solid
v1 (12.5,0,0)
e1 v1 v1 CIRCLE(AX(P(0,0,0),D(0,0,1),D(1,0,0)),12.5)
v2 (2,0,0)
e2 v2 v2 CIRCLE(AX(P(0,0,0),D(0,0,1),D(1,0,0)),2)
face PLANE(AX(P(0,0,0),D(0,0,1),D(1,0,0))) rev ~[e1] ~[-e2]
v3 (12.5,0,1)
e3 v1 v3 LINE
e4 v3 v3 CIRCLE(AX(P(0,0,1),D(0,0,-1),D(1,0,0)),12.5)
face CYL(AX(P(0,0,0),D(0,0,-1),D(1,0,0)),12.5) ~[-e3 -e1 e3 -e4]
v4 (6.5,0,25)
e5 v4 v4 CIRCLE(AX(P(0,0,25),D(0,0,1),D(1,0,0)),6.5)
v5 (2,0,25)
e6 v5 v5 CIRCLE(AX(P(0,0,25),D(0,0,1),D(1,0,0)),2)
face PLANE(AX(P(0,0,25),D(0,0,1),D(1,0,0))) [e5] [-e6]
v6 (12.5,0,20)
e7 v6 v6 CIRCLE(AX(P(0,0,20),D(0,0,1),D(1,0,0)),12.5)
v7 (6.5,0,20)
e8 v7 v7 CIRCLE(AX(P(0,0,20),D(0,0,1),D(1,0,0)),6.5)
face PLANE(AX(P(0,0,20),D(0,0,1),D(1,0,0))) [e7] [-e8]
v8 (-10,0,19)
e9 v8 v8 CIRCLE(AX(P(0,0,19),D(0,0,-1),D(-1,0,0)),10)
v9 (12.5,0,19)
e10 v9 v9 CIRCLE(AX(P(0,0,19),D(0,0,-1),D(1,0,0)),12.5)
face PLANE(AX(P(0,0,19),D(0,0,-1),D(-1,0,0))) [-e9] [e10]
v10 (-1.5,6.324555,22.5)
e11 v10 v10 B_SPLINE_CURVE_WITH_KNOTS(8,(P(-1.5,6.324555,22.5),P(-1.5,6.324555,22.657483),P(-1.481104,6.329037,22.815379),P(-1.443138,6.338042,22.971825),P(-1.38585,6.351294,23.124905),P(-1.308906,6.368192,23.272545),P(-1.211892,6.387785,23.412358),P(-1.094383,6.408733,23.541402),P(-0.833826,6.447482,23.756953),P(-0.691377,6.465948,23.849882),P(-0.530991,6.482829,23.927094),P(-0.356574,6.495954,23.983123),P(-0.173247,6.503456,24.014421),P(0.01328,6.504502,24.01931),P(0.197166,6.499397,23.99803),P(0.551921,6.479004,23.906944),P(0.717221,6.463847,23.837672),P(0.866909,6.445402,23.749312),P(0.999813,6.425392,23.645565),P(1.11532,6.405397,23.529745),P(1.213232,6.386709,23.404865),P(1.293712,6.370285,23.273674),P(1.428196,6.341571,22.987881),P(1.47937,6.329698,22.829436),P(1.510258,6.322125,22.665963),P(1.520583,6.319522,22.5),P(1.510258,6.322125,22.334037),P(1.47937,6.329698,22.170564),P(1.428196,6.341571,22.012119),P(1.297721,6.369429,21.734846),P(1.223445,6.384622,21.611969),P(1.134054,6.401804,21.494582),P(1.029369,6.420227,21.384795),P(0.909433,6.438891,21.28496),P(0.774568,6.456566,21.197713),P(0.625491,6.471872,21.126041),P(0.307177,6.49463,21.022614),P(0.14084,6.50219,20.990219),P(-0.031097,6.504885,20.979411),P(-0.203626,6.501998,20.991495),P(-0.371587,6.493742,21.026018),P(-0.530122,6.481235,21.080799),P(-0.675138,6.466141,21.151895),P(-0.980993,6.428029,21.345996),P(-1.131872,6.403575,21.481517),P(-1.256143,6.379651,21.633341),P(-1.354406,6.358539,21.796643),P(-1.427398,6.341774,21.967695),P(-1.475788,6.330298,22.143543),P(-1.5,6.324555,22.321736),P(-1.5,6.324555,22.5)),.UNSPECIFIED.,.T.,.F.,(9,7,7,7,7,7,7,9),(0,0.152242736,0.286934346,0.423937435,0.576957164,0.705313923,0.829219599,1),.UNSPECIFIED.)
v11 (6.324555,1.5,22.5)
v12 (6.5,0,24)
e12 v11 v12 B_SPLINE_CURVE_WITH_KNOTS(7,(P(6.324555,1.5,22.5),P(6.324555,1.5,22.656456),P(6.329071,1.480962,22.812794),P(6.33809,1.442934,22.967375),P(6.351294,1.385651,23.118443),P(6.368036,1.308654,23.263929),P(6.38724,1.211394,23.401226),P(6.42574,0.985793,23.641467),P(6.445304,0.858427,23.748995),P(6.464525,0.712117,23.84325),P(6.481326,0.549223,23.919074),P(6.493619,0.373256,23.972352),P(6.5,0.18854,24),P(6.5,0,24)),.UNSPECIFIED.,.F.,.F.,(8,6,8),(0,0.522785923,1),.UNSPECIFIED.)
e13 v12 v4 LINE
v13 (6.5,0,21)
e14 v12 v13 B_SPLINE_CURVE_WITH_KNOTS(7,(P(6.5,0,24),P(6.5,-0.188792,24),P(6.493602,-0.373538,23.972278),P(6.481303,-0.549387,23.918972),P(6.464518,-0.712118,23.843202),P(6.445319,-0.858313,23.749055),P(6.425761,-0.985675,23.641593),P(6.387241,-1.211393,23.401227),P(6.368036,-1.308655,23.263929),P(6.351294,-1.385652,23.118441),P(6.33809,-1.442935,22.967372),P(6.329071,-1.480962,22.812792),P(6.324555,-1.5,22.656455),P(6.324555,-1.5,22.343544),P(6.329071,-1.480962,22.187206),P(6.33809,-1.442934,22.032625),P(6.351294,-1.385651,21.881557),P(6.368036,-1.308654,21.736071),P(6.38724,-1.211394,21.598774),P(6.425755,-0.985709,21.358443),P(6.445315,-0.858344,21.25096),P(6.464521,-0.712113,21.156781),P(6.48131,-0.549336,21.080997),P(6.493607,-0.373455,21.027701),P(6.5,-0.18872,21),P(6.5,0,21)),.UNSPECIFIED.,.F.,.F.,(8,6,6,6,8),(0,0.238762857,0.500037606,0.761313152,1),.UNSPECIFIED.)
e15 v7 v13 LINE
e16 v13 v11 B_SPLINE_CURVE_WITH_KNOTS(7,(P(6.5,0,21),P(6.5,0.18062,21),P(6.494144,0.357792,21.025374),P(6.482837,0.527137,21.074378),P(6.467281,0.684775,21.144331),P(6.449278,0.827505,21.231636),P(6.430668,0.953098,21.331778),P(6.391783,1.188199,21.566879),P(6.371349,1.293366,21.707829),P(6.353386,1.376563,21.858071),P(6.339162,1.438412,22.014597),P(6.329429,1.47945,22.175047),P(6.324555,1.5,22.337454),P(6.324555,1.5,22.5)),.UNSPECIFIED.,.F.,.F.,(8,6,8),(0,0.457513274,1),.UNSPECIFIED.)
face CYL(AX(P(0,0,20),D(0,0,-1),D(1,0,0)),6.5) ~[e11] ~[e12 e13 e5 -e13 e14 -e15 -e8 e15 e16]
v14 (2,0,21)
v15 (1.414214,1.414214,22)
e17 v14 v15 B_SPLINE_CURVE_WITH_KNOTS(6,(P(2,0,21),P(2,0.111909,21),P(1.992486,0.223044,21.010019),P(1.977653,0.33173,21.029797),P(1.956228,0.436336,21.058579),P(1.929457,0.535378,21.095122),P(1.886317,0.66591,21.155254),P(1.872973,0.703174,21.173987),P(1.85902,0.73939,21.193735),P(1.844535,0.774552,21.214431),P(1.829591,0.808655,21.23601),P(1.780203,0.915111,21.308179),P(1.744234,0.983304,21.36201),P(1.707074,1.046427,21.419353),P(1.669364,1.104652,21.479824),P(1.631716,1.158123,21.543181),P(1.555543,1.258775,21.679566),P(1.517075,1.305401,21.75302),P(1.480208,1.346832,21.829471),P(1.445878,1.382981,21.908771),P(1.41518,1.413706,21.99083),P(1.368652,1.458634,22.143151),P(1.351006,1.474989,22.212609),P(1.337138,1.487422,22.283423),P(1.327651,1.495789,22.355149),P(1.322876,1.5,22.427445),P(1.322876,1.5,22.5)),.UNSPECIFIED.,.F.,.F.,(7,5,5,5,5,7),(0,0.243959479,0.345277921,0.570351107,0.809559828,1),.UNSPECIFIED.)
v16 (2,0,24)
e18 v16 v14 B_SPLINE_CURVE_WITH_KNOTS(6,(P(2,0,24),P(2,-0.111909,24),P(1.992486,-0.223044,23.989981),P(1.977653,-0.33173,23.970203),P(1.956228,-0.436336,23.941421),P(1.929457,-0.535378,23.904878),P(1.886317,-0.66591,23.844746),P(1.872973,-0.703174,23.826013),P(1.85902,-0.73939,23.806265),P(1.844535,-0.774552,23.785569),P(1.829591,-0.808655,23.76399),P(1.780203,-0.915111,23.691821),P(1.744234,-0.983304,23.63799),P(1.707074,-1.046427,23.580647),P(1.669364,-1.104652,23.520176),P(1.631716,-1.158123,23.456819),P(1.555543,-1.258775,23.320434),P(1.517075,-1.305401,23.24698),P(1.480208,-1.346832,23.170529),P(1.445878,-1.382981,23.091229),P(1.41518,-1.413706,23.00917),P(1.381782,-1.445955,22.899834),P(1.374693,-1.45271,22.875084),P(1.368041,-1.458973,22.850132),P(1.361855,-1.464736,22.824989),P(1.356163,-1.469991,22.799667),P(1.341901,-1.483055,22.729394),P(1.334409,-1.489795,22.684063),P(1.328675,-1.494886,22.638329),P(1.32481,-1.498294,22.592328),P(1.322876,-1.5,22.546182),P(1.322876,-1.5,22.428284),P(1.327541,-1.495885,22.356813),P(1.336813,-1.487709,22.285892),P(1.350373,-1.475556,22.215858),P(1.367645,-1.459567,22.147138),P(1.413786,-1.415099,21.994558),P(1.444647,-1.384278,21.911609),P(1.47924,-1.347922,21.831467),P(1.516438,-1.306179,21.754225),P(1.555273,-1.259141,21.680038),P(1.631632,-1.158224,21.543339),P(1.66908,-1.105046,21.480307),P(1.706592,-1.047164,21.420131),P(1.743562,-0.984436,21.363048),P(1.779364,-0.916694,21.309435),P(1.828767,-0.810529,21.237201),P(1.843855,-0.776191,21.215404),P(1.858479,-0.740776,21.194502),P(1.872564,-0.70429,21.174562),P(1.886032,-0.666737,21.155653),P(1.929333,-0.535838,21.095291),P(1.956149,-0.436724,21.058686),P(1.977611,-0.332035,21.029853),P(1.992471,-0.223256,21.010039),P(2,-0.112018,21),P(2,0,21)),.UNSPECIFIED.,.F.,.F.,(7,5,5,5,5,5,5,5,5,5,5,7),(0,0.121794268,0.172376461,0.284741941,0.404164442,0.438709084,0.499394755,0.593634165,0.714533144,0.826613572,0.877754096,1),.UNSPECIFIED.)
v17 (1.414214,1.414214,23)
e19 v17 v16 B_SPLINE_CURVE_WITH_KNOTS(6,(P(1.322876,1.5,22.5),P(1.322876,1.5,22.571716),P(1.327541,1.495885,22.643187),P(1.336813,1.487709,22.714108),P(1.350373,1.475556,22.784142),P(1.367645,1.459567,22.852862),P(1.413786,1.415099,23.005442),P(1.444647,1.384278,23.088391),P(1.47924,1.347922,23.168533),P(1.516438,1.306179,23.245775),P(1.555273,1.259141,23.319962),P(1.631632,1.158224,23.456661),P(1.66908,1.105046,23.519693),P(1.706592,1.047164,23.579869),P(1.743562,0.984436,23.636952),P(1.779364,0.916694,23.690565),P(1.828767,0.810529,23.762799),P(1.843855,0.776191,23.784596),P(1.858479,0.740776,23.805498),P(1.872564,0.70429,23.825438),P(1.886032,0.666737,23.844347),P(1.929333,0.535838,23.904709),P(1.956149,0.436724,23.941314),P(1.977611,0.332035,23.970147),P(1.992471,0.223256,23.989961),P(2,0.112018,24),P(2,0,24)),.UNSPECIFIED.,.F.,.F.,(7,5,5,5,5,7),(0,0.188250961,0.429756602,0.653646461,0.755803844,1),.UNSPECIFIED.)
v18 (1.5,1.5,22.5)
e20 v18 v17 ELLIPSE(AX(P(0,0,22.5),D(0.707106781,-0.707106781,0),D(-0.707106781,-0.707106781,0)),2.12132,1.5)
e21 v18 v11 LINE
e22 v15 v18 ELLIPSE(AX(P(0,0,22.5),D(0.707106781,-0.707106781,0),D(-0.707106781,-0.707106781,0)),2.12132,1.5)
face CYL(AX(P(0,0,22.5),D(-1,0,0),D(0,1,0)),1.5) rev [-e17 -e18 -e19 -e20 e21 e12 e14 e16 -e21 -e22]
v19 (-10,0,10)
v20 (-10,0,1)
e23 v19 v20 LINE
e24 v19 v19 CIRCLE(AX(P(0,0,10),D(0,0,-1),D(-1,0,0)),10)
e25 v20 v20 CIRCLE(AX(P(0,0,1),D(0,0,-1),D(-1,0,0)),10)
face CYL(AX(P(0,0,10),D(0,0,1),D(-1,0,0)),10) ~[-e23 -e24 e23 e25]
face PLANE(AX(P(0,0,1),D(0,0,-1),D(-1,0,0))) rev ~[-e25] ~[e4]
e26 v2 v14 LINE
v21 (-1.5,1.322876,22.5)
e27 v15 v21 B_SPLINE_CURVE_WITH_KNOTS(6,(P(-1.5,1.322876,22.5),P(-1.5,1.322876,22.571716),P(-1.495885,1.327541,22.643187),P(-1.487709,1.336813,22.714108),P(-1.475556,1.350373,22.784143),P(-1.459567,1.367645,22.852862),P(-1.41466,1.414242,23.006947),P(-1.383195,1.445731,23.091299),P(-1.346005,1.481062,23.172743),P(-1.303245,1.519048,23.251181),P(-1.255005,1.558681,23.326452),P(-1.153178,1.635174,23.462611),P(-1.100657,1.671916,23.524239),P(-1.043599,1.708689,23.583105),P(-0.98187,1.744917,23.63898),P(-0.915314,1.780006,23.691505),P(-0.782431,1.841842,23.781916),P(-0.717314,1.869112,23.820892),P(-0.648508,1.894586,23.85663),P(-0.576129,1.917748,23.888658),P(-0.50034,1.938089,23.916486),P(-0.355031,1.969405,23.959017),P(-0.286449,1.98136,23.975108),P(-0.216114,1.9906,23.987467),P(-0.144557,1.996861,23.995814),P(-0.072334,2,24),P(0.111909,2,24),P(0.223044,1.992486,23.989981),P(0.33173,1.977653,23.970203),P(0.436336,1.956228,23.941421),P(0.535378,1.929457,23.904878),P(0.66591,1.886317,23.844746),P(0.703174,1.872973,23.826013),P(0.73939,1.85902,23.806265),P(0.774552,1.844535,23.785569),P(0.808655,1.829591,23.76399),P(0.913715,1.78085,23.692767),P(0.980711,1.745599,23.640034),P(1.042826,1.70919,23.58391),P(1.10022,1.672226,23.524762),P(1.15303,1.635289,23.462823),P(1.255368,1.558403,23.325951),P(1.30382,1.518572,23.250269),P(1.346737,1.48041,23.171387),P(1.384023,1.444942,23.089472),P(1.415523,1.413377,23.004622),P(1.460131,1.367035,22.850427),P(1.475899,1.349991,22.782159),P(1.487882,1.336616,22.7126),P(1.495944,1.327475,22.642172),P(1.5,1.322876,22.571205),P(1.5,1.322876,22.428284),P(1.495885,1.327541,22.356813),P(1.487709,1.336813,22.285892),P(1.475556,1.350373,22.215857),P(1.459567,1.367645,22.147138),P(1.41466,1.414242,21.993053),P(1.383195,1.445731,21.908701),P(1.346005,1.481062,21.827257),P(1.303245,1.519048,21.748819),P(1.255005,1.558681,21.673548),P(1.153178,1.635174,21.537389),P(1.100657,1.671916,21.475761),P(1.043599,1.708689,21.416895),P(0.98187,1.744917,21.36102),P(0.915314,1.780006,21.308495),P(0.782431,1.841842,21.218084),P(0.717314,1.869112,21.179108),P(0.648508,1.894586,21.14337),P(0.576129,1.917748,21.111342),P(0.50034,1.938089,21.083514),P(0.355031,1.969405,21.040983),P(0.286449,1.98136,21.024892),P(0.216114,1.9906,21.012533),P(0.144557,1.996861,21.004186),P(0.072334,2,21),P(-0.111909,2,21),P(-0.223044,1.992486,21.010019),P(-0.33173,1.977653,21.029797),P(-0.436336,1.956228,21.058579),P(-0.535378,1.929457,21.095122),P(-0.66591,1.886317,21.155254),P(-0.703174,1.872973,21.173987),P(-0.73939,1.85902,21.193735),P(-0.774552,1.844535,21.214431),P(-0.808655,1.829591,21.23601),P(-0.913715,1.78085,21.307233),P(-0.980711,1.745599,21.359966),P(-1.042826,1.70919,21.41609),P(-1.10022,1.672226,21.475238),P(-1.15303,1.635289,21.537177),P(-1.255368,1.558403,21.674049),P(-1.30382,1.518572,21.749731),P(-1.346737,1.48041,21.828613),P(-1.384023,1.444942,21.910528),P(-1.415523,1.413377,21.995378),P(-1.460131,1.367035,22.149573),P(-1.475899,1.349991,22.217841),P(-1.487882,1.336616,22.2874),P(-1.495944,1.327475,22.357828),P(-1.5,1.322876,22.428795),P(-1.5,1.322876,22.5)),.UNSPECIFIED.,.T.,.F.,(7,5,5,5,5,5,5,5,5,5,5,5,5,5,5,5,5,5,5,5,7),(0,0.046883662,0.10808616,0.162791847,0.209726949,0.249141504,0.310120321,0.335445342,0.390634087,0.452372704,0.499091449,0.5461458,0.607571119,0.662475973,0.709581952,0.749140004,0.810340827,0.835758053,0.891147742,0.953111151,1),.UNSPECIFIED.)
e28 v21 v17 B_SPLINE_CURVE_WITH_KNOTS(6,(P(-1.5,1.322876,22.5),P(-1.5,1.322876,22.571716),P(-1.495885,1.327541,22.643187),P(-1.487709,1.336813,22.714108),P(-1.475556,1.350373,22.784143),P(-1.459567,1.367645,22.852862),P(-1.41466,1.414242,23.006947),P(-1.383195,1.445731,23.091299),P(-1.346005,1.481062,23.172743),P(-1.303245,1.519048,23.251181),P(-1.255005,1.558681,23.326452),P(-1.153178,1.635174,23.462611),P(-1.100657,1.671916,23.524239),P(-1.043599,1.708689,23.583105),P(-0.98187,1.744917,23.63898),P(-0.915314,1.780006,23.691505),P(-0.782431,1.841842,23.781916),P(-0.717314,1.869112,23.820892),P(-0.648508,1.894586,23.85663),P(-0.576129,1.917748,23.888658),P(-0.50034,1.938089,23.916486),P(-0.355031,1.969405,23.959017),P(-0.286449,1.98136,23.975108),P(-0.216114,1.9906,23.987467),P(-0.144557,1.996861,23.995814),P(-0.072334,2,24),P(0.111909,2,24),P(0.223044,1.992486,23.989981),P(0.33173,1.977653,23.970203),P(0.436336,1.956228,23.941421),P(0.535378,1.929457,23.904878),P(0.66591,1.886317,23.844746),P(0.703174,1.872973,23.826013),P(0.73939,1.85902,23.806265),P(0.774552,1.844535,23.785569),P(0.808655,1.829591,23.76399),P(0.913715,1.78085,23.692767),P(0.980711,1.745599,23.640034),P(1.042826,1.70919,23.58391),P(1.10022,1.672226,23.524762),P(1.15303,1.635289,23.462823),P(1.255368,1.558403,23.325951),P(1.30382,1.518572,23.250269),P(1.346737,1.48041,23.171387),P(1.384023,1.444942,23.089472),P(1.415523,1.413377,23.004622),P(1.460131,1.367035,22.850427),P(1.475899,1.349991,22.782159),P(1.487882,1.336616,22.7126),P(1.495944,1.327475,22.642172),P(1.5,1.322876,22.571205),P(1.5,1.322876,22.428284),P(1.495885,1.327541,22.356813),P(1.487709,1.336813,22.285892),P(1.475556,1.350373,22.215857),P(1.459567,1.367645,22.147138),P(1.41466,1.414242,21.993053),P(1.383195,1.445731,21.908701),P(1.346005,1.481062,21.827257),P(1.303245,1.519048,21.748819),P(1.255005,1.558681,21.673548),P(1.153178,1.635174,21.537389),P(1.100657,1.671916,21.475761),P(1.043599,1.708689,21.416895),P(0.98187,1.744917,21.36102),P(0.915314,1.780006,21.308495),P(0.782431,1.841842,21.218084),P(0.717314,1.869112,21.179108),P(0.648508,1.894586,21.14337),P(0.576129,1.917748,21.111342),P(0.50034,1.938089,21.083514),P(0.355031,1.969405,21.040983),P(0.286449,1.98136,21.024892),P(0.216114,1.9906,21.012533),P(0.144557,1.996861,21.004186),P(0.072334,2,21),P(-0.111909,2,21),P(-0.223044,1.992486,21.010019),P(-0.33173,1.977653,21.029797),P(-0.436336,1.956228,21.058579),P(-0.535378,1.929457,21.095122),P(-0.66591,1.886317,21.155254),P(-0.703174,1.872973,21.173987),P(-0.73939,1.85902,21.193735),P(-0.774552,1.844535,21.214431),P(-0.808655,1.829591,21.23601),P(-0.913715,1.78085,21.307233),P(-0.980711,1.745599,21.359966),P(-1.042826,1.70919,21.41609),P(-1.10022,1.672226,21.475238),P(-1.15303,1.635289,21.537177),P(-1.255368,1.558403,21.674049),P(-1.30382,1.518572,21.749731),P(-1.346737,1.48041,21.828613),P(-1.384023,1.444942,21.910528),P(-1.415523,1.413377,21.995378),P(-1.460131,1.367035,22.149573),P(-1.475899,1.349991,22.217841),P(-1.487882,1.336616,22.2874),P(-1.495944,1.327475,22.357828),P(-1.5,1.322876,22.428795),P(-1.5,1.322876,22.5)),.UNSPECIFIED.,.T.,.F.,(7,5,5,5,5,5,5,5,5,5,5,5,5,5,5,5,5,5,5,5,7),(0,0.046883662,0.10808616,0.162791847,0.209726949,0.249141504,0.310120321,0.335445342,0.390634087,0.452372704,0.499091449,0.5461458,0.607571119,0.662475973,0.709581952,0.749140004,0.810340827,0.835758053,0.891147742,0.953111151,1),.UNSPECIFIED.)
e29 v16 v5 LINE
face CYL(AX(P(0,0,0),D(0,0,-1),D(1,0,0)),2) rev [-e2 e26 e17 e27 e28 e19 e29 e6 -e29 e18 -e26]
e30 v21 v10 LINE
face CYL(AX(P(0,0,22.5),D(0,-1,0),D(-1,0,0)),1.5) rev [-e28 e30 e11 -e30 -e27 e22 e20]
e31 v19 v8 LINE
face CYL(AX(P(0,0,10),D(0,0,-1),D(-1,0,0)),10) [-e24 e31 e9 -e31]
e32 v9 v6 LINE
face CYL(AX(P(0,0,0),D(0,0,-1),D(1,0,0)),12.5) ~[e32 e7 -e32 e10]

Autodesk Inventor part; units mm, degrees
ref_plane "YZ Plane" through (0, 0, 0) normal (1, 0, 0) x (0, 1, 0)
ref_plane "XZ Plane" through (0, 0, 0) normal (0, 1, 0) x (-1, 0, 0)
sketch "Sketch1" plane through (0, 0, 0) normal (0, 0, 1) x (1, 0, 0)
  circle A0 centre (0, 0) radius 12.5
  circle A1 centre (0, 0) radius 2
  dimension "d0" = 25
  dimension "d1" = 4
extrude "Extrusion1" add sketch "Sketch1" along normal blind 20
sketch "Sketch2" plane through (0, 0, 20) normal (0, 0, 1) x (1, 0, 0)
  circle A0 centre (0, 0) radius 2 projected
  circle A1 centre (0, 0) radius 6.5
  dimension "d4" = 13
extrude "Extrusion2" add sketch "Sketch2" along normal blind 5
ref_plane "Work Plane1" through (0, 0, 10) normal (0, 0, -1) x (-1, 0, 0)
sketch "Sketch3" plane through (0, 0, 10) normal (0, 0, -1) x (-1, 0, 0)
  circle A0 centre (0, 0) radius 10
  circle A1 centre (0, 0) radius 12.5 projected
  dimension "d7" = 20
extrude "Extrusion3" cut sketch "Sketch3" along normal mid plane 18
sketch "Sketch6" plane through (0, 0, 0) normal (0, 1, 0) x (-1, 0, 0)
  line L0 (6.5, 25) -> (-6.5, 25) projected
  line L1 (-6.5, 20) -> (6.5, 20) projected
  line L2 (-2, 25) -> (2, 25) projected
  line L3 (-2, 25) -> (2, 25) projected
  line L4 (2, 0) -> (-2, 0) projected
  circle A0 centre (0, 22.5) radius 1.5
  line L5 (6.5, 20) -> (6.5, 25) projected
  line L6 (-6.5, 20) -> (-6.5, 25) projected
  point P0 (0, 0)
  point P1 (0, 20)
  point P2 (6.5, 22.5)
  dimension "d36" = 3
extrude "Extrusion4" cut sketch "Sketch6" along normal through all contours A0
sketch "Sketch7" plane through (0, 0, 0) normal (1, 0, 0) x (0, 1, 0)
  line L0 (-2, 25) -> (2, 25) projected
  line L1 (6.5, 20) -> (6.5, 25) projected
  circle A0 centre (0, 22.5) radius 1.5
  point P0 (0, 0)
  point P1 (0, 25)
  point P2 (6.5, 22.5)
  dimension "d39" = 3
extrude "Extrusion5" cut sketch "Sketch7" along normal through all
properties part number "Timing Belt - 8mm Bore 5mm Pitch 14 Teeth 15mm Wide" material "Aluminum 6061"
